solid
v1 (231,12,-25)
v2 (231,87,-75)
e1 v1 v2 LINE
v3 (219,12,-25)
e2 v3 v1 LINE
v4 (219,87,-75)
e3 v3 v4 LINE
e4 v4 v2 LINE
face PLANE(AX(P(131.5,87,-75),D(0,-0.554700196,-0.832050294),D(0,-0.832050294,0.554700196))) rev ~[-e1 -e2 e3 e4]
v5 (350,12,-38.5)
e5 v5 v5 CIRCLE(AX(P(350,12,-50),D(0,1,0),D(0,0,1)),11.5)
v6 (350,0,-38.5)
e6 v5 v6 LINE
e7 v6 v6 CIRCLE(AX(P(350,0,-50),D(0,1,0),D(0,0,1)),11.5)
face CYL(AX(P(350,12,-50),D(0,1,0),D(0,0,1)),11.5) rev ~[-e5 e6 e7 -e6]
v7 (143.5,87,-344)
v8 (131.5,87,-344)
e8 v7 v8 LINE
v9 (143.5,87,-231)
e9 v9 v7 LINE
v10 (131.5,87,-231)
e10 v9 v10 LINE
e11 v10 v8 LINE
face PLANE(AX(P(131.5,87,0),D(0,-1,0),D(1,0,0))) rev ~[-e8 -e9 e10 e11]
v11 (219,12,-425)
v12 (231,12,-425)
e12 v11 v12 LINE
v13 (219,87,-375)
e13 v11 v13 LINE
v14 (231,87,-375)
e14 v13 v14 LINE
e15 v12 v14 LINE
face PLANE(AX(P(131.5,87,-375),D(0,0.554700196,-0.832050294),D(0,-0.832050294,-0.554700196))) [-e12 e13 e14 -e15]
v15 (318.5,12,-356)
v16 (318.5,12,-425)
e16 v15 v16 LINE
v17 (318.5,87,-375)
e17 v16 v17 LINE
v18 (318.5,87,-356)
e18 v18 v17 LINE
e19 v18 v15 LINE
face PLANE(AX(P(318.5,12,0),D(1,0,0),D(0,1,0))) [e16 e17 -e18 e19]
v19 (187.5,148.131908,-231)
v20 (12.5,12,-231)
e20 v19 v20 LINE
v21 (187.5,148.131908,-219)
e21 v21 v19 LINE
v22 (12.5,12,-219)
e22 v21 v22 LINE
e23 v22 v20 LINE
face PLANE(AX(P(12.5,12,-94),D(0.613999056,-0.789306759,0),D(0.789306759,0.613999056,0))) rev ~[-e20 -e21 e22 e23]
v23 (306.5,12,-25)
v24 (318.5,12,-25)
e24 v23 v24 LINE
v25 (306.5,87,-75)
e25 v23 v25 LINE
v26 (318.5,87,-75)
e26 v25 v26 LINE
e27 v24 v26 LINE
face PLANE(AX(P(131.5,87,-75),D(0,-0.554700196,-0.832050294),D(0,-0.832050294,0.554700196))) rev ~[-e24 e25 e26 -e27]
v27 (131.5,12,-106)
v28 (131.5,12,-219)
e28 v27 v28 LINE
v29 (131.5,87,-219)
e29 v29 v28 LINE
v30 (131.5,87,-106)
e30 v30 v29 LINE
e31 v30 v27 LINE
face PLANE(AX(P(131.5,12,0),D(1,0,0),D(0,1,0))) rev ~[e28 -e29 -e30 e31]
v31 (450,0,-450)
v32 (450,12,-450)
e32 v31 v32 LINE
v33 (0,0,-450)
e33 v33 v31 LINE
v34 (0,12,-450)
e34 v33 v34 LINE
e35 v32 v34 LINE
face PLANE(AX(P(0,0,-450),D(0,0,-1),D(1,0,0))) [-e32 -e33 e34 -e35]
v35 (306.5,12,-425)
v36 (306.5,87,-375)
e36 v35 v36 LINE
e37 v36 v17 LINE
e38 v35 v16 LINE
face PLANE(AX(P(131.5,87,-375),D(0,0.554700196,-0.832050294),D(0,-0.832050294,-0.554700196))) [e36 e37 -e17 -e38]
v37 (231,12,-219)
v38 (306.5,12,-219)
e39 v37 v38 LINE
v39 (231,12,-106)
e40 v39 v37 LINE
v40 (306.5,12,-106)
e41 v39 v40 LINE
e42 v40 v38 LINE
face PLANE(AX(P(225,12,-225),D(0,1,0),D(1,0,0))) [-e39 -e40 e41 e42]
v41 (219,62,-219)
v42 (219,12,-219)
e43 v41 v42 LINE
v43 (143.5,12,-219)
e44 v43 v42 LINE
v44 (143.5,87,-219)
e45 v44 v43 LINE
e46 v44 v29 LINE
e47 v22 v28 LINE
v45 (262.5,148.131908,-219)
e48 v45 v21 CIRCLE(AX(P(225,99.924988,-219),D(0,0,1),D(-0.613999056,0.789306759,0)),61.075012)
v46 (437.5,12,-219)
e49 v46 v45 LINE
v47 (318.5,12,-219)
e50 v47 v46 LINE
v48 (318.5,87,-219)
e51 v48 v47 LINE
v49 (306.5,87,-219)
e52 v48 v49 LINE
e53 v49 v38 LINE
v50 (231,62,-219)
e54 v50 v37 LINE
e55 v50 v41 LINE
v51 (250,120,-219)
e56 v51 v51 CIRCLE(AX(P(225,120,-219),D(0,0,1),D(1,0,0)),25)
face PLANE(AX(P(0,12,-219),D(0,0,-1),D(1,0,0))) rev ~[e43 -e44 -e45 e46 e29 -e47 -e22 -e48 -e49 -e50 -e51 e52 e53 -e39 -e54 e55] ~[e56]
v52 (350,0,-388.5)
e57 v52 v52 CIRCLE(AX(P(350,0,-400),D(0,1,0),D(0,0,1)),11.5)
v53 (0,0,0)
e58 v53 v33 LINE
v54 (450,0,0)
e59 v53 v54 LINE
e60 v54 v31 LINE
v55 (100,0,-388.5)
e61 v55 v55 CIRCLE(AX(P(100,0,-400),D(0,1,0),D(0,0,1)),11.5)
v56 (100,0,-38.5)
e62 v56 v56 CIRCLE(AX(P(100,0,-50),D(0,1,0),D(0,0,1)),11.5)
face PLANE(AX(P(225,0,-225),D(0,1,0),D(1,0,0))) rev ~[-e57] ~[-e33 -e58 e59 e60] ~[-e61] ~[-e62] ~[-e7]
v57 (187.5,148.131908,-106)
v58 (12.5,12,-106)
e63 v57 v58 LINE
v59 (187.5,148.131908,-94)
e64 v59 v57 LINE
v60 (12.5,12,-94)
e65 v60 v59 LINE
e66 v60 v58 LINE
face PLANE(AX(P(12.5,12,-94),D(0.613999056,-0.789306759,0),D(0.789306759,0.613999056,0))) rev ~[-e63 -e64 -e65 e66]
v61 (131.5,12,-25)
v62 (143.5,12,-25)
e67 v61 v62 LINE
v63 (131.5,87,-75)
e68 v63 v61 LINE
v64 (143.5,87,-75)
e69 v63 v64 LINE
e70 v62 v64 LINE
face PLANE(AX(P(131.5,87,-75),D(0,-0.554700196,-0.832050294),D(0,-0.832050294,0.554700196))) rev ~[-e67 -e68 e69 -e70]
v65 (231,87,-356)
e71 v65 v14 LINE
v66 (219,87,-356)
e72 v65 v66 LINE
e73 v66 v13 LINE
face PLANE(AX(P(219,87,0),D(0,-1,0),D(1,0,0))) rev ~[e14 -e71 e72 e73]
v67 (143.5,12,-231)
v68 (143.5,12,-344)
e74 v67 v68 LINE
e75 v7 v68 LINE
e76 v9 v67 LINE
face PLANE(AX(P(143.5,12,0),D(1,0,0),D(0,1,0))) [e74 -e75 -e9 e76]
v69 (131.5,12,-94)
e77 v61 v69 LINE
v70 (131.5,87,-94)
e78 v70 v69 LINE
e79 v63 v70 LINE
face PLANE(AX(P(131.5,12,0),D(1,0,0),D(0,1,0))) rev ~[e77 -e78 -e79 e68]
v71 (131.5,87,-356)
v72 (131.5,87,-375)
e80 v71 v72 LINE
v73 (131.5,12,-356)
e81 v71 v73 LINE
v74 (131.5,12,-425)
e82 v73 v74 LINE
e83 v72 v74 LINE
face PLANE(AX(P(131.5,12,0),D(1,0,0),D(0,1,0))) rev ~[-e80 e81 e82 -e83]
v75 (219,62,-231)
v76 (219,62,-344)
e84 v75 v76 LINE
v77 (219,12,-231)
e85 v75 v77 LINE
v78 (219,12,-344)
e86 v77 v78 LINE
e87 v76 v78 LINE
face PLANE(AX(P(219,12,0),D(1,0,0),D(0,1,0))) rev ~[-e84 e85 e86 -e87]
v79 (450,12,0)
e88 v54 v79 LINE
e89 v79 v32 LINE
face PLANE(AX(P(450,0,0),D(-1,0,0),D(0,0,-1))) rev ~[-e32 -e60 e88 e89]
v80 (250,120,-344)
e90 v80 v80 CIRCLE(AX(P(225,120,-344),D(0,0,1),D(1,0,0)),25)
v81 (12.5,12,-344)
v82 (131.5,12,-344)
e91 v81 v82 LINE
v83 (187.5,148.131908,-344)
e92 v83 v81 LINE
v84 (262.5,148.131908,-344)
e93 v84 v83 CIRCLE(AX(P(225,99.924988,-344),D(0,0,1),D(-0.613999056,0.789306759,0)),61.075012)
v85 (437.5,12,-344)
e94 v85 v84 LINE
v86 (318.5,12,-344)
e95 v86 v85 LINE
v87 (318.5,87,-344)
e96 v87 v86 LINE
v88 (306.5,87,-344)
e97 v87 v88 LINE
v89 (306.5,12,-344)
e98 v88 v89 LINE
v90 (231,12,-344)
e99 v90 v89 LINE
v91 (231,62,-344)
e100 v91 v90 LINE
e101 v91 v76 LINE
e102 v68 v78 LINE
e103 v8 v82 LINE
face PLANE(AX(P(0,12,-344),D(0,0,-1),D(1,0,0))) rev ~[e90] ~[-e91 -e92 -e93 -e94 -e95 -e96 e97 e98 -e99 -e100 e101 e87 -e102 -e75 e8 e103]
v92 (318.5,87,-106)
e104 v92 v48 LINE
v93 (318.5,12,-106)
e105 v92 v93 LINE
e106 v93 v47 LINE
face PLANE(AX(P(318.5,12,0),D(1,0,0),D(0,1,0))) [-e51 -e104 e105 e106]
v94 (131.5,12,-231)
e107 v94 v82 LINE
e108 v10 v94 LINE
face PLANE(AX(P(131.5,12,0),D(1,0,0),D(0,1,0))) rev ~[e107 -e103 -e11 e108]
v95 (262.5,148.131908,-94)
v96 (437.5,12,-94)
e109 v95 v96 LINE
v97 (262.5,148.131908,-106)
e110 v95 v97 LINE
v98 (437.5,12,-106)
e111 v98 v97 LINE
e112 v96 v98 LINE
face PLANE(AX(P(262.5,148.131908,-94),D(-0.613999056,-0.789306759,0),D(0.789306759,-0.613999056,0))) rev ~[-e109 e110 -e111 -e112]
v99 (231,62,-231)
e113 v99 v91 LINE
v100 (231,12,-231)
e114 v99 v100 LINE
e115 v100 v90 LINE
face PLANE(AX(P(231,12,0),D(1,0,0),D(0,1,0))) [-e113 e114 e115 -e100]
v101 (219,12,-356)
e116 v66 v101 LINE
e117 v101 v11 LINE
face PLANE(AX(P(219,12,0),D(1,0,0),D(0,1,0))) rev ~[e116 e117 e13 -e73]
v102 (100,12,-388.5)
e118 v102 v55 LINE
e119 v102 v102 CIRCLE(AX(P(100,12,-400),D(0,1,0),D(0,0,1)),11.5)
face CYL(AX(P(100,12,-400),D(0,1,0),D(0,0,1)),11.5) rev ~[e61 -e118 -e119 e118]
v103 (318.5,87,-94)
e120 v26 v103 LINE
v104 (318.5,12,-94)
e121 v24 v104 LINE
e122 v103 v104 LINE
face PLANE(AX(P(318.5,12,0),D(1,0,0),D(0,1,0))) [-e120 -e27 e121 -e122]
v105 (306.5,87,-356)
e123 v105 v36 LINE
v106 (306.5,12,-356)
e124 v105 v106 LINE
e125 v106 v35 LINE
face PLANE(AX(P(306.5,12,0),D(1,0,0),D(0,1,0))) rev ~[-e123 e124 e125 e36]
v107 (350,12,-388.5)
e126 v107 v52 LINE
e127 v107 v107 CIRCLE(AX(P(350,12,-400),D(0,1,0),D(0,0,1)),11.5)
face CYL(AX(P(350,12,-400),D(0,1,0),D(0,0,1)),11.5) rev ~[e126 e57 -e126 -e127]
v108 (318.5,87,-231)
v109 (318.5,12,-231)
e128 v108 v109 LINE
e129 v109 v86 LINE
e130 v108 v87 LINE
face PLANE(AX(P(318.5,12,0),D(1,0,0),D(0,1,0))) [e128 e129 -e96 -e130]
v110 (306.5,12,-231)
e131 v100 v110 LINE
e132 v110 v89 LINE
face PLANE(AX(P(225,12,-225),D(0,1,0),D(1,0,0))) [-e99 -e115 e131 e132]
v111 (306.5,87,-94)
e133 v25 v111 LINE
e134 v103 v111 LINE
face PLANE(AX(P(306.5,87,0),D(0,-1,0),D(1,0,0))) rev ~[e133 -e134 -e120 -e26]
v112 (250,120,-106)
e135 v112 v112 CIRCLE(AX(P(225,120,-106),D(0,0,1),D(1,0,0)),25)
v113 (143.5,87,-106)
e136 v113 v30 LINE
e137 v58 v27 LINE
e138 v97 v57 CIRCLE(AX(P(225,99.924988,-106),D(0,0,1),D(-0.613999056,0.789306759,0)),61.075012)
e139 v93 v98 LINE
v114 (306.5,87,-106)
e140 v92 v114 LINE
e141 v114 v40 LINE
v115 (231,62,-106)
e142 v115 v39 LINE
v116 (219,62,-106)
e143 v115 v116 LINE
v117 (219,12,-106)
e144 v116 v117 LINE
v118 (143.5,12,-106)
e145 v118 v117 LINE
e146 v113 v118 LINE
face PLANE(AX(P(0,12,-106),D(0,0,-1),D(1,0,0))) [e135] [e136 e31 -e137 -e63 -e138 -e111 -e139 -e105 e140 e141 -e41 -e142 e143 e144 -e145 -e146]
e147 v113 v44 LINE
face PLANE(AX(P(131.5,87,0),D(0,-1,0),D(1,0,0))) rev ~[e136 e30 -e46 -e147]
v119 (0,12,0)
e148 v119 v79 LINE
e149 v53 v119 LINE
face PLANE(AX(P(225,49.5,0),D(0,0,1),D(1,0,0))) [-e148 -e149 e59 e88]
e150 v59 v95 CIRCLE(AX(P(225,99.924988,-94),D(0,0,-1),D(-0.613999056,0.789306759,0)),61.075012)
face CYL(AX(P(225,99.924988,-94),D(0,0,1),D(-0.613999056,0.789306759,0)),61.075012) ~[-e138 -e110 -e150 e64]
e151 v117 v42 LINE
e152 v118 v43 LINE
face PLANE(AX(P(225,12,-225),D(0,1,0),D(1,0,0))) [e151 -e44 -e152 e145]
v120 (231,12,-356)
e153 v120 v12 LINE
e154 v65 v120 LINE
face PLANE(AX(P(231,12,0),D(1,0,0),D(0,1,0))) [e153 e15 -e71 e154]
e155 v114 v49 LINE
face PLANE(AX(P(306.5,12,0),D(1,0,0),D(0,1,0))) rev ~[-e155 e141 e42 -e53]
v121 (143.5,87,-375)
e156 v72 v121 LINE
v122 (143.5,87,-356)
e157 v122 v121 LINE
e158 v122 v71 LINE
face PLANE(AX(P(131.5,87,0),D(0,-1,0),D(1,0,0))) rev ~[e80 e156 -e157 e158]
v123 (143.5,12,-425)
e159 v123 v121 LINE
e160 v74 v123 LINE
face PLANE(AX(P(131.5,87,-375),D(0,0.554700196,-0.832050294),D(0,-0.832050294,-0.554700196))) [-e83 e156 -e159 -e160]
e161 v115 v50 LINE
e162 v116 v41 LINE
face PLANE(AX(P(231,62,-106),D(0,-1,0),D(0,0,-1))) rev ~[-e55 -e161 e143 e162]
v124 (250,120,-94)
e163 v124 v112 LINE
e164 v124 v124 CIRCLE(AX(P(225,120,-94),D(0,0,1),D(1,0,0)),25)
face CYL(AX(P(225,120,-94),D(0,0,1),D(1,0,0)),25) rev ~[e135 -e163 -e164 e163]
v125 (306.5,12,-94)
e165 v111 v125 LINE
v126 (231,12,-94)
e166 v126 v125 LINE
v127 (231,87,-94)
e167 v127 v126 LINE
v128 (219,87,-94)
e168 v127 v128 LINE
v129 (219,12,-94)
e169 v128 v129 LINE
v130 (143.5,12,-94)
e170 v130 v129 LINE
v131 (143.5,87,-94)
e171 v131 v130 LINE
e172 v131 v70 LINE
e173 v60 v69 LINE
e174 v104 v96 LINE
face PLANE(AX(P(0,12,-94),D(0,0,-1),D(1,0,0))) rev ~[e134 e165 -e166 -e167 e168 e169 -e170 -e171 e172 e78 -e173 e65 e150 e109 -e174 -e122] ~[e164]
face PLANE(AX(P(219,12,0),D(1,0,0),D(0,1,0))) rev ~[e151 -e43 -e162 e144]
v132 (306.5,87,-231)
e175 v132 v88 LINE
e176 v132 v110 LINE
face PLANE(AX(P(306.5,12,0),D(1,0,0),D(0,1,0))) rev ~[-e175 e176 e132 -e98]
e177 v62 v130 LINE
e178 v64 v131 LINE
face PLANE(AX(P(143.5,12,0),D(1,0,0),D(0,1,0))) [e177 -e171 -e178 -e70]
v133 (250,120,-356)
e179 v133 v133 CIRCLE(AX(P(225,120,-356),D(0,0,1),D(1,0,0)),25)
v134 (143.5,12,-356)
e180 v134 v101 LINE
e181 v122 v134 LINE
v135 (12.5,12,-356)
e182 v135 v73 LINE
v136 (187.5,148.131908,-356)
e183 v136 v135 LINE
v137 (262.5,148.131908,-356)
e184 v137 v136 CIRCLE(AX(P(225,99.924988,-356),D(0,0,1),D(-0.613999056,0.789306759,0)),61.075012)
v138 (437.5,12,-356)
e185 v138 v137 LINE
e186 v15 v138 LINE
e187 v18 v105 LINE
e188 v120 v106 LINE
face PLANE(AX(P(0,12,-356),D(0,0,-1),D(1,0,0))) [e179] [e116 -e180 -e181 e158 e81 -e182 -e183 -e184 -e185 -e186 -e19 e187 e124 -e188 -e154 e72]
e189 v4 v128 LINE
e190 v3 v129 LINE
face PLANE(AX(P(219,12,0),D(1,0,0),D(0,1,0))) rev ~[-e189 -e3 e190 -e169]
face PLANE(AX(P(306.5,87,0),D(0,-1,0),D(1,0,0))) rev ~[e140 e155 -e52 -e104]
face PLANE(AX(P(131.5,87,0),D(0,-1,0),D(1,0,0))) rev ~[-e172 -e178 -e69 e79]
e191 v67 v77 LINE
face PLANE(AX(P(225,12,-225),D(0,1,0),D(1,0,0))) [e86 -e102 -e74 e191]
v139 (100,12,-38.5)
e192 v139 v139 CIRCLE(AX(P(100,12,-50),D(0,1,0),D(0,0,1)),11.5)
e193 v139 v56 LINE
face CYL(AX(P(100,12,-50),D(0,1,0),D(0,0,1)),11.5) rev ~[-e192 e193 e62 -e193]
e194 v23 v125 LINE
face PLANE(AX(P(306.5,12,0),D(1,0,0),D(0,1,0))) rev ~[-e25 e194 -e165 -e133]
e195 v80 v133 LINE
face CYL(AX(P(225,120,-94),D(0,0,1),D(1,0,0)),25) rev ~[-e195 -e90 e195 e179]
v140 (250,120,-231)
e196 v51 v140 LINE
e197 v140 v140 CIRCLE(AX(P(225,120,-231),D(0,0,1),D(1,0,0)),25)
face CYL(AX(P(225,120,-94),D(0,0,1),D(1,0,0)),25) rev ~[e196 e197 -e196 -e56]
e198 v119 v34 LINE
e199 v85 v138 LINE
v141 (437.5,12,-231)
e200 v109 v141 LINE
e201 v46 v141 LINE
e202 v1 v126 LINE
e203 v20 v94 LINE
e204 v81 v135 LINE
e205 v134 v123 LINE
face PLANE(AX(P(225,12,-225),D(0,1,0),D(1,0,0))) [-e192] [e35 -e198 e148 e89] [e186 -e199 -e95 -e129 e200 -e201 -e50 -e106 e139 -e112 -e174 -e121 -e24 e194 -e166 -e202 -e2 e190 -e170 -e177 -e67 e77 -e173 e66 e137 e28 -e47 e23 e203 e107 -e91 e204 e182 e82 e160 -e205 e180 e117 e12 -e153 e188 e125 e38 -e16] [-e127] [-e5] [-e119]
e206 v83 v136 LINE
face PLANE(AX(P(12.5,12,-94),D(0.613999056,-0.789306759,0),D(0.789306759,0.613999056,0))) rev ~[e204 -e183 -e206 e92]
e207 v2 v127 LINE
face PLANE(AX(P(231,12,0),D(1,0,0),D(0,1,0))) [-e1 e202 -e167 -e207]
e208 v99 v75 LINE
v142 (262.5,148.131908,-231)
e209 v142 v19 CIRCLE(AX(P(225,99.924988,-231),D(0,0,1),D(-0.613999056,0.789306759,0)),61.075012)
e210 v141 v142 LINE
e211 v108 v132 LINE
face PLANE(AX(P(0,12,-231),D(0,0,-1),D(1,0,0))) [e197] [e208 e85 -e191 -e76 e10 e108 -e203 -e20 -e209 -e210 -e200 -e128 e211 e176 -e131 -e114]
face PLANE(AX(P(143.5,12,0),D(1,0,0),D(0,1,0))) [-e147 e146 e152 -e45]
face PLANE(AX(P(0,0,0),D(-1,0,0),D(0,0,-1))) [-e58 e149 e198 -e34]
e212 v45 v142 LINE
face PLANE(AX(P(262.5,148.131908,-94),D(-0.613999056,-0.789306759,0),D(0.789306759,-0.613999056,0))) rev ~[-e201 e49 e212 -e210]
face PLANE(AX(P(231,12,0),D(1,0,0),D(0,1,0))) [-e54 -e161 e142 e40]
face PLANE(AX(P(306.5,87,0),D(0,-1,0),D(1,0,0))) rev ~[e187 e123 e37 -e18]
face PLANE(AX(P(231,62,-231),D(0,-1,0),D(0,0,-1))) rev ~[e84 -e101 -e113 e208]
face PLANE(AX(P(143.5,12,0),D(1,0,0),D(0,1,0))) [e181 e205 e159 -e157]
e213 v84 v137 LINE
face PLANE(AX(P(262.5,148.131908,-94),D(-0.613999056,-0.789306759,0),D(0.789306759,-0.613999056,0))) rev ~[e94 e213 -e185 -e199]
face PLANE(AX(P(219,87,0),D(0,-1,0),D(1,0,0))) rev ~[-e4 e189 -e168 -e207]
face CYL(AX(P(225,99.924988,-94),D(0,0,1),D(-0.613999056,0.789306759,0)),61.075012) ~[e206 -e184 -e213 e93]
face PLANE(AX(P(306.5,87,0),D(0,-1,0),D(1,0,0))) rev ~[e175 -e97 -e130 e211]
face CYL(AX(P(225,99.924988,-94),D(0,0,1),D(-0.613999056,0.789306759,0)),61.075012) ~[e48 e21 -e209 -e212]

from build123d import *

# Parameters (mm, degrees)
SKETCH_1_W          = 450
SKETCH_1_H          = 450
EXTRUDE_1_DEPTH     = 12
SKETCH_2_R          = 11.5
CUT_EXTRUDE_1_DEPTH = 637.509230098
SKETCH_5_W          = 450
SKETCH_5_H          = 12
EXTRUDE_2_DEPTH     = 150
SKETCH_6_R          = 25
CUT_EXTRUDE_2_DEPTH = 597.221435374
SKETCH_7_W          = 12
SKETCH_7_H          = 75
EXTRUDE_3_DEPTH     = 450
CUT_EXTRUDE_4_DEPTH = 575.337226723
SKETCH_10_W         = 113
SKETCH_10_H         = 25
CUT_EXTRUDE_5_DEPTH = 12


with BuildPart() as part:
    # 草图1 → 凸台-拉伸1 (new body)
    with BuildSketch(Plane(origin=(0, 0, 0), x_dir=(1, 0, 0), z_dir=(0, 1, 0))):
        with Locations((225, 225)):
            Rectangle(SKETCH_1_W, SKETCH_1_H)
    extrude(amount=EXTRUDE_1_DEPTH)

    # 草图2 → 切除-拉伸1 (cut, through all)
    with BuildSketch(Plane(origin=(0, 12, 0), x_dir=(1, 0, 0), z_dir=(0, 1, 0))):
        with Locations(Location((100, 50, 0), (0, 0, 270))):
            Circle(SKETCH_2_R)
        with Locations(Location((100, 400, 0), (0, 0, 270))):
            Circle(SKETCH_2_R)
        with Locations(Location((350, 400, 0), (0, 0, 270))):
            Circle(SKETCH_2_R)
        with Locations(Location((350, 50, 0), (0, 0, 270))):
            Circle(SKETCH_2_R)
    extrude(amount=-CUT_EXTRUDE_1_DEPTH, mode=Mode.SUBTRACT)

    # 草图5 → 凸台-拉伸2 (add)
    with BuildSketch(Plane(origin=(0, 12, 0), x_dir=(1, 0, 0), z_dir=(0, 1, 0))):
        with Locations((225, 350)):
            Rectangle(SKETCH_5_W, SKETCH_5_H)
        with Locations((225, 225)):
            Rectangle(SKETCH_5_W, SKETCH_5_H)
        with Locations((225, 100)):
            Rectangle(SKETCH_5_W, SKETCH_5_H)
    extrude(amount=EXTRUDE_2_DEPTH)

    # 草图6 → 切除-拉伸2 (cut, through all)
    with BuildSketch(Plane.XY.offset(-94)):
        with Locations((225, 120)):
            Circle(SKETCH_6_R)
        with BuildLine():
            Line((0, 162), (0, 12))
            Line((0, 12), (12.5, 12))
            Line((12.5, 12), (187.5, 148.131907659))
            ThreePointArc((187.5, 148.131907659), (225, 161), (262.5, 148.131907659))
            Line((262.5, 148.131907659), (437.5, 12))
            Line((437.5, 12), (450, 12))
            Line((450, 12), (450, 162))
            Line((450, 162), (0, 162))
        make_face()
    extrude(amount=-CUT_EXTRUDE_2_DEPTH, mode=Mode.SUBTRACT)

    # 草图7 → 凸台-拉伸3 (add)
    with BuildSketch(Plane.XY):
        with Locations((225, 49.5)):
            Rectangle(SKETCH_7_W, SKETCH_7_H)
        with Locations((137.5, 49.5)):
            Rectangle(SKETCH_7_W, SKETCH_7_H)
        with Locations((312.5, 49.5)):
            Rectangle(SKETCH_7_W, SKETCH_7_H)
    extrude(amount=-EXTRUDE_3_DEPTH)

    # 草图9 → 切除-拉伸4 (cut, through all)
    with BuildSketch(Plane.ZY.offset(-131.5)):
        Polygon((-450, 87), (-375, 87), (-425, 12), (-450, 12), align=None)
        Polygon((0, 87), (-75, 87), (-25, 12), (0, 12), align=None)
    extrude(amount=-CUT_EXTRUDE_4_DEPTH, mode=Mode.SUBTRACT)

    # 草图10 → 切除-拉伸5 (cut)
    with BuildSketch(Plane(origin=(231, 0, 0), x_dir=(0, 0, -1), z_dir=(1, 0, 0))):
        with Locations((162.5, 74.5)):
            Rectangle(SKETCH_10_W, SKETCH_10_H)
        with Locations((287.5, 74.5)):
            Rectangle(SKETCH_10_W, SKETCH_10_H)
    extrude(amount=-CUT_EXTRUDE_5_DEPTH, mode=Mode.SUBTRACT)


solid = part.part
